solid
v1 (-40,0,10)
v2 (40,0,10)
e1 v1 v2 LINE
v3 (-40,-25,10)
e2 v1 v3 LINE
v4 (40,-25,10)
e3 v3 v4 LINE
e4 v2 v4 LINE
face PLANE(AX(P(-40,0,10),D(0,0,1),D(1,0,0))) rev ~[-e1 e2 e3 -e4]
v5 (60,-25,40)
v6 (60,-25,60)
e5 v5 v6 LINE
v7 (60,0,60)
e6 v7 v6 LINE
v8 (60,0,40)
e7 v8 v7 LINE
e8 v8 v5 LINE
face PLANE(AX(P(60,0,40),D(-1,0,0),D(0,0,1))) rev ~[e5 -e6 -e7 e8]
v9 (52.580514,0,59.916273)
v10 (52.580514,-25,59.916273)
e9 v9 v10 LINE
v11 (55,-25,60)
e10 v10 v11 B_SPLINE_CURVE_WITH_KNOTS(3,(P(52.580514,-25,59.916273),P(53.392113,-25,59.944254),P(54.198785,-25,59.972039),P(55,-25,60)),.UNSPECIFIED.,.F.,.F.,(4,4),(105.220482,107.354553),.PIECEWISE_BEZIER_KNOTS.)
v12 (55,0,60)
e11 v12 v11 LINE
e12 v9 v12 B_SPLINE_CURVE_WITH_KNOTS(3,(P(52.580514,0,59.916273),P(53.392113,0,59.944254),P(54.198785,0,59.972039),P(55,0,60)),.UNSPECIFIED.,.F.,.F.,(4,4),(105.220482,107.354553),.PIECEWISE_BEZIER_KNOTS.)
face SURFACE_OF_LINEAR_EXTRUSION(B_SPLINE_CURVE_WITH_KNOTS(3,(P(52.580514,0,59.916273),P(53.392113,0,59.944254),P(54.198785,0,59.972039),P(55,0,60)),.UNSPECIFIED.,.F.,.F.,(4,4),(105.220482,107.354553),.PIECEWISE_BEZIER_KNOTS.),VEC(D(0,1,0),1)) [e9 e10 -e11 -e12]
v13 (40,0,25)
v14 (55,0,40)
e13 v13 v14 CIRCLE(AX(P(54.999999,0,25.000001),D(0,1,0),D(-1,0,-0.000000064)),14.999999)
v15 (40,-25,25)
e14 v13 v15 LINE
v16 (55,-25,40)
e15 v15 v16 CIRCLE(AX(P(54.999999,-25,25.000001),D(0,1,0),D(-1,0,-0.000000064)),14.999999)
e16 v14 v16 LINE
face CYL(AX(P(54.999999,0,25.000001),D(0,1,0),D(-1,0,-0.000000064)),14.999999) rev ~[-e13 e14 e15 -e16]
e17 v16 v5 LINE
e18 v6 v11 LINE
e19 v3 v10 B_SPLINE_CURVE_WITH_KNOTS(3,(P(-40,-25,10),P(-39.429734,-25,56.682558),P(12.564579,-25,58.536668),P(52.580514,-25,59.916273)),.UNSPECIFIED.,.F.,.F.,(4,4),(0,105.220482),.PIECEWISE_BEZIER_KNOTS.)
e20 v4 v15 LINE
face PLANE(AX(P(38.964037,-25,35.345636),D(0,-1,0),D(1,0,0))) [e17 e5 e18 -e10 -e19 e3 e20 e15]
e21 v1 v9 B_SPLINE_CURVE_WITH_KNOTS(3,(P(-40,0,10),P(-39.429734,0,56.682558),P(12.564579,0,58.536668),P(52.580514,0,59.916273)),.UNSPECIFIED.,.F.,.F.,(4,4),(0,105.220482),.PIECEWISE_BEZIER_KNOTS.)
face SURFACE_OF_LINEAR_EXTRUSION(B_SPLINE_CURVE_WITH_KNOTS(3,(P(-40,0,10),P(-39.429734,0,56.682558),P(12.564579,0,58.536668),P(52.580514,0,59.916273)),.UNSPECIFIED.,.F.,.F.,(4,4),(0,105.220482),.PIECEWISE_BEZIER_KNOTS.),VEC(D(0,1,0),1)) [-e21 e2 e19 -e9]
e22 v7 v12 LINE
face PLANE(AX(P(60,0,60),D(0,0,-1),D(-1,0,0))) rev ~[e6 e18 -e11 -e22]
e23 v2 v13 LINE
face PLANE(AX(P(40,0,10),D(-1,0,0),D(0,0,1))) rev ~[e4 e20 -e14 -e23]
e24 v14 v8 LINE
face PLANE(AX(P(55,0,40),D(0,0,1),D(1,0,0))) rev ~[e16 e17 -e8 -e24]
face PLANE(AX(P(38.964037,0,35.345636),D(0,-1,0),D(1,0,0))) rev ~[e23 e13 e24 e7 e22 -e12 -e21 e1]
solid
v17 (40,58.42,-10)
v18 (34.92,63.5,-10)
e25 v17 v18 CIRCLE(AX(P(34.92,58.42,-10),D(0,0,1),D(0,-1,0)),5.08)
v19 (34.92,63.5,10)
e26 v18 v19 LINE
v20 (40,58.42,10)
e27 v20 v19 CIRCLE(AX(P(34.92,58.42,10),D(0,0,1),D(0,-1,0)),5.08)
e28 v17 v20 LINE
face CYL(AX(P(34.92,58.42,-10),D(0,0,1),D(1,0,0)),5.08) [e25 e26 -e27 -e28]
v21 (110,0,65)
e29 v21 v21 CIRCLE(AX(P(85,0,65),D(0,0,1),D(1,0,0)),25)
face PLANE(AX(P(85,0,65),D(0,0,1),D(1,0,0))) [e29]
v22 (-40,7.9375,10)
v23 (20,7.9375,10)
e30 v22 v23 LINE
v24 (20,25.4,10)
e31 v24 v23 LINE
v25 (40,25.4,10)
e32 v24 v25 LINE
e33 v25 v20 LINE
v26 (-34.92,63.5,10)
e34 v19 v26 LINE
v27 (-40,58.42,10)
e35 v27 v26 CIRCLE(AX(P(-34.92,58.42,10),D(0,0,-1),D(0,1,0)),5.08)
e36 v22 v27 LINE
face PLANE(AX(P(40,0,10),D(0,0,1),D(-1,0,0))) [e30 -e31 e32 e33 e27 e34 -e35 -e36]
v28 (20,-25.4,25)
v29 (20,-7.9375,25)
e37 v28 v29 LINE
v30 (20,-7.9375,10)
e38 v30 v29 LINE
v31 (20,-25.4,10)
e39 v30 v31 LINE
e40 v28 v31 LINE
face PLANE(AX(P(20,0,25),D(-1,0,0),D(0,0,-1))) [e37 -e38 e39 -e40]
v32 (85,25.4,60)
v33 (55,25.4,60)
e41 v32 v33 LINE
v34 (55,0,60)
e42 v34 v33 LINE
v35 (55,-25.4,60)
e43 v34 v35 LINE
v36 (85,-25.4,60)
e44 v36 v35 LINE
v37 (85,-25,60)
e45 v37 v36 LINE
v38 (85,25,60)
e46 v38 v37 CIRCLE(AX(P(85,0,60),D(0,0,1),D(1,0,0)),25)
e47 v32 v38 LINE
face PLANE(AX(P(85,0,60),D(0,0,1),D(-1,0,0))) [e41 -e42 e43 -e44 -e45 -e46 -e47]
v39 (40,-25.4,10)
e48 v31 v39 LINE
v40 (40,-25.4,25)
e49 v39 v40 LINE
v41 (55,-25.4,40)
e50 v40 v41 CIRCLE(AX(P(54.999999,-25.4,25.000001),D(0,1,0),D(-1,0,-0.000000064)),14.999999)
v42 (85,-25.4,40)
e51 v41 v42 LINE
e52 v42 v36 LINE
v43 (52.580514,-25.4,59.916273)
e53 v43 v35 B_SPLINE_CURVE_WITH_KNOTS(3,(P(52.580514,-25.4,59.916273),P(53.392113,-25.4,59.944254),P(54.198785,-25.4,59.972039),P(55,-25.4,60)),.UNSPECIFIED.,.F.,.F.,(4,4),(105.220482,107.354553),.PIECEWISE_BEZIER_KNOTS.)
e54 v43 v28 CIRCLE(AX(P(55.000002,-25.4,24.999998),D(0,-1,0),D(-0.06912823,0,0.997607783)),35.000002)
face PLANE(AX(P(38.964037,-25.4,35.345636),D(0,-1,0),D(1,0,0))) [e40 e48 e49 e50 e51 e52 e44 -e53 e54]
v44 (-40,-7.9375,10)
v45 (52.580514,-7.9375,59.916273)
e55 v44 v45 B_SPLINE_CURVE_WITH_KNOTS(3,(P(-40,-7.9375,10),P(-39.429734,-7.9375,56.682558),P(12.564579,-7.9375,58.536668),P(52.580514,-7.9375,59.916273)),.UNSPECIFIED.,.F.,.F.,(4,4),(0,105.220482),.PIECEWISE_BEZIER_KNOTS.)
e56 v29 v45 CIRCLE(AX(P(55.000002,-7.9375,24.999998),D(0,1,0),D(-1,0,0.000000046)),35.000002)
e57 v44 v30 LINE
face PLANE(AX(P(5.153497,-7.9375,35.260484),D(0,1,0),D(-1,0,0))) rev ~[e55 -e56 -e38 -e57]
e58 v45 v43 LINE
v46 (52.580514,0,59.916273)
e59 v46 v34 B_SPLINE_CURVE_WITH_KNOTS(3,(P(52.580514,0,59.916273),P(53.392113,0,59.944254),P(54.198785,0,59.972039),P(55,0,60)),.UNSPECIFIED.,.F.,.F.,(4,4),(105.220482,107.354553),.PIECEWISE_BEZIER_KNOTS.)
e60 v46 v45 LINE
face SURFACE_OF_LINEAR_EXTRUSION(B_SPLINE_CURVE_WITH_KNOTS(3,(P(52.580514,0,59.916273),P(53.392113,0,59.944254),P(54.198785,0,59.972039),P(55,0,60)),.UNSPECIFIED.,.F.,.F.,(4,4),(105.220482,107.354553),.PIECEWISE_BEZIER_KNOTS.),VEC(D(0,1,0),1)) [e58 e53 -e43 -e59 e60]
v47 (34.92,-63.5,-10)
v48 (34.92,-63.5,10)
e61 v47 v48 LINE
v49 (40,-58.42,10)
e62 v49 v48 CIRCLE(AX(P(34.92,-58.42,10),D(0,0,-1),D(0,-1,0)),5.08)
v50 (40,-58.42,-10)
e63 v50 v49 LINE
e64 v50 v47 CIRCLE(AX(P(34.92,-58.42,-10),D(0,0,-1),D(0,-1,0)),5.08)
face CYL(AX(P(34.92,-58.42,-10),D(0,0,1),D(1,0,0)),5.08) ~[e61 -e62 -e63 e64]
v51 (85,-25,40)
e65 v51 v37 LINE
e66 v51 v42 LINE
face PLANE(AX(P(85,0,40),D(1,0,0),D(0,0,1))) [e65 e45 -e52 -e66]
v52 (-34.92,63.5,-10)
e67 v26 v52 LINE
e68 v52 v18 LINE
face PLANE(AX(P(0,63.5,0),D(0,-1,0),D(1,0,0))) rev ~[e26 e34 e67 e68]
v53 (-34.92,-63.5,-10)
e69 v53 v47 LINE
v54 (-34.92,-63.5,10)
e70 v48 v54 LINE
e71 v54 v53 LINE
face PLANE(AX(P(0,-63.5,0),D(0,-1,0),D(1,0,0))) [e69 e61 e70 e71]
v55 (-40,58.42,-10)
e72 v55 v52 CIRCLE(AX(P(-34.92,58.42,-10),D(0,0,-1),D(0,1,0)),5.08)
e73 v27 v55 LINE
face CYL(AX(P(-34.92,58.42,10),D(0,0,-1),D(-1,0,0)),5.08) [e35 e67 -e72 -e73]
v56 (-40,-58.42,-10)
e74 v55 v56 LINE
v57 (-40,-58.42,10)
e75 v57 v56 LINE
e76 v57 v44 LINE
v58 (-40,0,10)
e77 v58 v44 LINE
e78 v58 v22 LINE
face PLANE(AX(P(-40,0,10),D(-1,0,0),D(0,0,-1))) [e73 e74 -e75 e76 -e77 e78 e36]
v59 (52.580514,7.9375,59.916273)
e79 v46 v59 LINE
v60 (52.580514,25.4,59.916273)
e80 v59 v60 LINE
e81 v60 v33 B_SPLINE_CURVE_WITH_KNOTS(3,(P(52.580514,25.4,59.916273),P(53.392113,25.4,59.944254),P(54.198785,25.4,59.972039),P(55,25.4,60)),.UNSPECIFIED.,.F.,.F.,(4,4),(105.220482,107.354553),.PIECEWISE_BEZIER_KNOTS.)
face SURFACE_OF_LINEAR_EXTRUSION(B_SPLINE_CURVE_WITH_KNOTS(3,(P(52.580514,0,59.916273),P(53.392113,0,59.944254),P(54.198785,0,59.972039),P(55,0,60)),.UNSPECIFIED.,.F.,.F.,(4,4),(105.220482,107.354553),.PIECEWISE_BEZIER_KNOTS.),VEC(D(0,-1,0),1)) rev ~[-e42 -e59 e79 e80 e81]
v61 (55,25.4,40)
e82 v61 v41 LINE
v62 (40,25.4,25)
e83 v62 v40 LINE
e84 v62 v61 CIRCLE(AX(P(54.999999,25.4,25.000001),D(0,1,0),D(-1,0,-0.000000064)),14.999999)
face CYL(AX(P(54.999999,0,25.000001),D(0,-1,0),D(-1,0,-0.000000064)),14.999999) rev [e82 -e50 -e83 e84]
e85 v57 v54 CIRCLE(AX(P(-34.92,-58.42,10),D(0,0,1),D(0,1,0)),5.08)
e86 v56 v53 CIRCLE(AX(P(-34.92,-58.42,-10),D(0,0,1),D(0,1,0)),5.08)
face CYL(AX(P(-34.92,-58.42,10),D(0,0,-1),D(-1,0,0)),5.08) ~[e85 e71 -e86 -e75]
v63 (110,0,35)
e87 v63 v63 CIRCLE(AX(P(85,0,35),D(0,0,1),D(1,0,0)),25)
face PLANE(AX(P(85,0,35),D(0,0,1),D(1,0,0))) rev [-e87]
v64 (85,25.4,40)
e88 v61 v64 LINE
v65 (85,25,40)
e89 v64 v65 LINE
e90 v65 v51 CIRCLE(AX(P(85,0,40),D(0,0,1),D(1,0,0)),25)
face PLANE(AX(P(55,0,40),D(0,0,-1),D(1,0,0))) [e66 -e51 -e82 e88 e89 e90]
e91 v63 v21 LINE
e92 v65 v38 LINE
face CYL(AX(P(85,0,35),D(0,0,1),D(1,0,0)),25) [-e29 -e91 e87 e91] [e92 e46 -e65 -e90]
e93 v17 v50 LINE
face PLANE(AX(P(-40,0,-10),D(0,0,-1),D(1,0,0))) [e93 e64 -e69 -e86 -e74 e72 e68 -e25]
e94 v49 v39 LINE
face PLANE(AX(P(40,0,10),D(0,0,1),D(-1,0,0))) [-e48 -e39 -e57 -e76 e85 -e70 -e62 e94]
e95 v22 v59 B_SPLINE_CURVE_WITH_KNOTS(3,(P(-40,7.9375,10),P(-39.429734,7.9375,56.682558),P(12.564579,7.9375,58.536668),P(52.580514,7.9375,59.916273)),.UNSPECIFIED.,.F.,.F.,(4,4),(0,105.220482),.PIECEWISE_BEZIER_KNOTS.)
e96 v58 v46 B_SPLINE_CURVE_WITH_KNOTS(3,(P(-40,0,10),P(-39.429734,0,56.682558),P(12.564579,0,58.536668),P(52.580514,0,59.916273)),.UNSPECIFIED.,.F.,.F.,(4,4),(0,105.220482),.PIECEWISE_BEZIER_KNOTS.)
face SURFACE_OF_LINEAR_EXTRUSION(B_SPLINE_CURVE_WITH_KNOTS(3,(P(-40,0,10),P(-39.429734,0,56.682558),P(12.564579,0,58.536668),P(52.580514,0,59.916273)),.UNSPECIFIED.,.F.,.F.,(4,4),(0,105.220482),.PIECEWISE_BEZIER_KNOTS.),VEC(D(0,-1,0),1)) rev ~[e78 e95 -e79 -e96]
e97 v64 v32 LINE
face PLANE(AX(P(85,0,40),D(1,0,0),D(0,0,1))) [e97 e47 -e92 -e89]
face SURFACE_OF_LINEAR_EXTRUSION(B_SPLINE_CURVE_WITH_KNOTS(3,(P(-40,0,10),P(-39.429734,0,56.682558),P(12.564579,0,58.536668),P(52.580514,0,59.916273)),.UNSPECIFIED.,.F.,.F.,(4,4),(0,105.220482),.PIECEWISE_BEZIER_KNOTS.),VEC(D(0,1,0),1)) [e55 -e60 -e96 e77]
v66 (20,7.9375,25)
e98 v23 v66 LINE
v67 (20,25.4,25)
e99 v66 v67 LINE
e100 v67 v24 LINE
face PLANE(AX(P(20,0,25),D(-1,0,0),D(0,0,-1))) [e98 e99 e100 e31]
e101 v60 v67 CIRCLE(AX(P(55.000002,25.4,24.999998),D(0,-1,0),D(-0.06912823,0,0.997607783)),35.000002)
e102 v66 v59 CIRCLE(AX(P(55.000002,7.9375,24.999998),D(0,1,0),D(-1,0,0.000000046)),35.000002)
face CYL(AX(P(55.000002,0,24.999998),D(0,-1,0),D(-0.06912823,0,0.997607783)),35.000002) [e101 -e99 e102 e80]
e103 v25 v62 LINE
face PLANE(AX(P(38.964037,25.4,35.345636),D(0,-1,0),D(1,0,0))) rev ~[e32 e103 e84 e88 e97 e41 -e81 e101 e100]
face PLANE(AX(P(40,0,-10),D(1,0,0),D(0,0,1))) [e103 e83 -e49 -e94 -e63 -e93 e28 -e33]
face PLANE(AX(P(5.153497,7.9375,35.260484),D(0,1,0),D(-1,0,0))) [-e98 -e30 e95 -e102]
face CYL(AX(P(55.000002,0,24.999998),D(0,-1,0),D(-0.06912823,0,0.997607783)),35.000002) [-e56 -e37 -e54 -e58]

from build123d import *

# Parameters (mm, degrees)
F1_DEPTH = 63.5
F0_W     = 25
F0_H     = 20
F2_DEPTH = 25.4
F3_DEPTH = 7.9375
F5_R     = 5.08
F6_DEPTH = 25


with BuildPart() as f1:
    # F0 (on Front) → F1 (new body, symmetric)
    with BuildSketch(Plane.XZ):
        Polygon((20, 10), (-40, 10), (-40, -10), (40, -10), (40, 10), align=None)
    extrude(amount=F1_DEPTH, both=True)

    # F0 (on Front) → F2 (join, symmetric)
    with BuildSketch(Plane.XZ):
        with BuildLine():
            Line((20, 25), (20, 10))
            Line((20, 10), (40, 10))
            Line((40, 10), (40, 25))
            ThreePointArc((40, 25), (44.393398, 35.606602), (55, 40))
            Line((55, 40), (60, 40))
            Line((60, 40), (60, 60))
            Line((60, 60), (55, 60))
            add(Edge.make_bspline(
                [(52.580514, 59.916273), (53.392113, 59.944254), (54.198785, 59.972039), (55, 60)],
                knots=[105.220482, 105.220482, 105.220482, 105.220482, 107.354553, 107.354553, 107.354553, 107.354553], degree=3))
            ThreePointArc((52.580514, 59.916273), (29.410139, 48.878002), (20, 25))
        make_face()
        with Locations((72.5, 50)):
            Rectangle(F0_W, F0_H)
    extrude(amount=F2_DEPTH, both=True)

    # F0 (on Front) → F3 (join, symmetric)
    with BuildSketch(Plane.XZ):
        with BuildLine():
            add(Edge.make_bspline(
                [(-40, 10), (-39.429734, 56.682558), (12.564579, 58.536668), (52.580514, 59.916273)],
                knots=[0, 0, 0, 0, 105.220482, 105.220482, 105.220482, 105.220482], degree=3))
            Line((-40, 10), (20, 10))
            Line((20, 10), (20, 25))
            ThreePointArc((20, 25), (29.410139, 48.878002), (52.580514, 59.916273))
        make_face()
    extrude(amount=F3_DEPTH, both=True)

    # F0 (on Front) → F4 (revolve)
    with BuildSketch(Plane.XZ):
        Polygon((85, 65), (85, 60), (85, 40), (85, 35), (110, 35), (110, 65), align=None)
    revolve(axis=Axis((85, 0, 50), (0, 0, 1)))

    # F5
    f5_edges = [f1.edges().sort_by_distance(p)[0] for p in [
        (40, -63.5, 0),
        (-40, -63.5, 0),
        (40, 63.5, 0),
        (-40, 63.5, 0),
    ]]
    fillet(f5_edges, radius=F5_R)


with BuildPart() as f6:
    # F0 (on Front) → F6 (new body)
    with BuildSketch(Plane.XZ):
        with BuildLine():
            Line((20, 25), (20, 10))
            Line((20, 10), (40, 10))
            Line((40, 10), (40, 25))
            ThreePointArc((40, 25), (44.393398, 35.606602), (55, 40))
            Line((55, 40), (60, 40))
            Line((60, 40), (60, 60))
            Line((60, 60), (55, 60))
            add(Edge.make_bspline(
                [(52.580514, 59.916273), (53.392113, 59.944254), (54.198785, 59.972039), (55, 60)],
                knots=[105.220482, 105.220482, 105.220482, 105.220482, 107.354553, 107.354553, 107.354553, 107.354553], degree=3))
            ThreePointArc((52.580514, 59.916273), (29.410139, 48.878002), (20, 25))
        make_face()
        with BuildLine():
            add(Edge.make_bspline(
                [(-40, 10), (-39.429734, 56.682558), (12.564579, 58.536668), (52.580514, 59.916273)],
                knots=[0, 0, 0, 0, 105.220482, 105.220482, 105.220482, 105.220482], degree=3))
            Line((-40, 10), (20, 10))
            Line((20, 10), (20, 25))
            ThreePointArc((20, 25), (29.410139, 48.878002), (52.580514, 59.916273))
        make_face()
    extrude(amount=F6_DEPTH)


solid = Compound([f1.part, f6.part])
